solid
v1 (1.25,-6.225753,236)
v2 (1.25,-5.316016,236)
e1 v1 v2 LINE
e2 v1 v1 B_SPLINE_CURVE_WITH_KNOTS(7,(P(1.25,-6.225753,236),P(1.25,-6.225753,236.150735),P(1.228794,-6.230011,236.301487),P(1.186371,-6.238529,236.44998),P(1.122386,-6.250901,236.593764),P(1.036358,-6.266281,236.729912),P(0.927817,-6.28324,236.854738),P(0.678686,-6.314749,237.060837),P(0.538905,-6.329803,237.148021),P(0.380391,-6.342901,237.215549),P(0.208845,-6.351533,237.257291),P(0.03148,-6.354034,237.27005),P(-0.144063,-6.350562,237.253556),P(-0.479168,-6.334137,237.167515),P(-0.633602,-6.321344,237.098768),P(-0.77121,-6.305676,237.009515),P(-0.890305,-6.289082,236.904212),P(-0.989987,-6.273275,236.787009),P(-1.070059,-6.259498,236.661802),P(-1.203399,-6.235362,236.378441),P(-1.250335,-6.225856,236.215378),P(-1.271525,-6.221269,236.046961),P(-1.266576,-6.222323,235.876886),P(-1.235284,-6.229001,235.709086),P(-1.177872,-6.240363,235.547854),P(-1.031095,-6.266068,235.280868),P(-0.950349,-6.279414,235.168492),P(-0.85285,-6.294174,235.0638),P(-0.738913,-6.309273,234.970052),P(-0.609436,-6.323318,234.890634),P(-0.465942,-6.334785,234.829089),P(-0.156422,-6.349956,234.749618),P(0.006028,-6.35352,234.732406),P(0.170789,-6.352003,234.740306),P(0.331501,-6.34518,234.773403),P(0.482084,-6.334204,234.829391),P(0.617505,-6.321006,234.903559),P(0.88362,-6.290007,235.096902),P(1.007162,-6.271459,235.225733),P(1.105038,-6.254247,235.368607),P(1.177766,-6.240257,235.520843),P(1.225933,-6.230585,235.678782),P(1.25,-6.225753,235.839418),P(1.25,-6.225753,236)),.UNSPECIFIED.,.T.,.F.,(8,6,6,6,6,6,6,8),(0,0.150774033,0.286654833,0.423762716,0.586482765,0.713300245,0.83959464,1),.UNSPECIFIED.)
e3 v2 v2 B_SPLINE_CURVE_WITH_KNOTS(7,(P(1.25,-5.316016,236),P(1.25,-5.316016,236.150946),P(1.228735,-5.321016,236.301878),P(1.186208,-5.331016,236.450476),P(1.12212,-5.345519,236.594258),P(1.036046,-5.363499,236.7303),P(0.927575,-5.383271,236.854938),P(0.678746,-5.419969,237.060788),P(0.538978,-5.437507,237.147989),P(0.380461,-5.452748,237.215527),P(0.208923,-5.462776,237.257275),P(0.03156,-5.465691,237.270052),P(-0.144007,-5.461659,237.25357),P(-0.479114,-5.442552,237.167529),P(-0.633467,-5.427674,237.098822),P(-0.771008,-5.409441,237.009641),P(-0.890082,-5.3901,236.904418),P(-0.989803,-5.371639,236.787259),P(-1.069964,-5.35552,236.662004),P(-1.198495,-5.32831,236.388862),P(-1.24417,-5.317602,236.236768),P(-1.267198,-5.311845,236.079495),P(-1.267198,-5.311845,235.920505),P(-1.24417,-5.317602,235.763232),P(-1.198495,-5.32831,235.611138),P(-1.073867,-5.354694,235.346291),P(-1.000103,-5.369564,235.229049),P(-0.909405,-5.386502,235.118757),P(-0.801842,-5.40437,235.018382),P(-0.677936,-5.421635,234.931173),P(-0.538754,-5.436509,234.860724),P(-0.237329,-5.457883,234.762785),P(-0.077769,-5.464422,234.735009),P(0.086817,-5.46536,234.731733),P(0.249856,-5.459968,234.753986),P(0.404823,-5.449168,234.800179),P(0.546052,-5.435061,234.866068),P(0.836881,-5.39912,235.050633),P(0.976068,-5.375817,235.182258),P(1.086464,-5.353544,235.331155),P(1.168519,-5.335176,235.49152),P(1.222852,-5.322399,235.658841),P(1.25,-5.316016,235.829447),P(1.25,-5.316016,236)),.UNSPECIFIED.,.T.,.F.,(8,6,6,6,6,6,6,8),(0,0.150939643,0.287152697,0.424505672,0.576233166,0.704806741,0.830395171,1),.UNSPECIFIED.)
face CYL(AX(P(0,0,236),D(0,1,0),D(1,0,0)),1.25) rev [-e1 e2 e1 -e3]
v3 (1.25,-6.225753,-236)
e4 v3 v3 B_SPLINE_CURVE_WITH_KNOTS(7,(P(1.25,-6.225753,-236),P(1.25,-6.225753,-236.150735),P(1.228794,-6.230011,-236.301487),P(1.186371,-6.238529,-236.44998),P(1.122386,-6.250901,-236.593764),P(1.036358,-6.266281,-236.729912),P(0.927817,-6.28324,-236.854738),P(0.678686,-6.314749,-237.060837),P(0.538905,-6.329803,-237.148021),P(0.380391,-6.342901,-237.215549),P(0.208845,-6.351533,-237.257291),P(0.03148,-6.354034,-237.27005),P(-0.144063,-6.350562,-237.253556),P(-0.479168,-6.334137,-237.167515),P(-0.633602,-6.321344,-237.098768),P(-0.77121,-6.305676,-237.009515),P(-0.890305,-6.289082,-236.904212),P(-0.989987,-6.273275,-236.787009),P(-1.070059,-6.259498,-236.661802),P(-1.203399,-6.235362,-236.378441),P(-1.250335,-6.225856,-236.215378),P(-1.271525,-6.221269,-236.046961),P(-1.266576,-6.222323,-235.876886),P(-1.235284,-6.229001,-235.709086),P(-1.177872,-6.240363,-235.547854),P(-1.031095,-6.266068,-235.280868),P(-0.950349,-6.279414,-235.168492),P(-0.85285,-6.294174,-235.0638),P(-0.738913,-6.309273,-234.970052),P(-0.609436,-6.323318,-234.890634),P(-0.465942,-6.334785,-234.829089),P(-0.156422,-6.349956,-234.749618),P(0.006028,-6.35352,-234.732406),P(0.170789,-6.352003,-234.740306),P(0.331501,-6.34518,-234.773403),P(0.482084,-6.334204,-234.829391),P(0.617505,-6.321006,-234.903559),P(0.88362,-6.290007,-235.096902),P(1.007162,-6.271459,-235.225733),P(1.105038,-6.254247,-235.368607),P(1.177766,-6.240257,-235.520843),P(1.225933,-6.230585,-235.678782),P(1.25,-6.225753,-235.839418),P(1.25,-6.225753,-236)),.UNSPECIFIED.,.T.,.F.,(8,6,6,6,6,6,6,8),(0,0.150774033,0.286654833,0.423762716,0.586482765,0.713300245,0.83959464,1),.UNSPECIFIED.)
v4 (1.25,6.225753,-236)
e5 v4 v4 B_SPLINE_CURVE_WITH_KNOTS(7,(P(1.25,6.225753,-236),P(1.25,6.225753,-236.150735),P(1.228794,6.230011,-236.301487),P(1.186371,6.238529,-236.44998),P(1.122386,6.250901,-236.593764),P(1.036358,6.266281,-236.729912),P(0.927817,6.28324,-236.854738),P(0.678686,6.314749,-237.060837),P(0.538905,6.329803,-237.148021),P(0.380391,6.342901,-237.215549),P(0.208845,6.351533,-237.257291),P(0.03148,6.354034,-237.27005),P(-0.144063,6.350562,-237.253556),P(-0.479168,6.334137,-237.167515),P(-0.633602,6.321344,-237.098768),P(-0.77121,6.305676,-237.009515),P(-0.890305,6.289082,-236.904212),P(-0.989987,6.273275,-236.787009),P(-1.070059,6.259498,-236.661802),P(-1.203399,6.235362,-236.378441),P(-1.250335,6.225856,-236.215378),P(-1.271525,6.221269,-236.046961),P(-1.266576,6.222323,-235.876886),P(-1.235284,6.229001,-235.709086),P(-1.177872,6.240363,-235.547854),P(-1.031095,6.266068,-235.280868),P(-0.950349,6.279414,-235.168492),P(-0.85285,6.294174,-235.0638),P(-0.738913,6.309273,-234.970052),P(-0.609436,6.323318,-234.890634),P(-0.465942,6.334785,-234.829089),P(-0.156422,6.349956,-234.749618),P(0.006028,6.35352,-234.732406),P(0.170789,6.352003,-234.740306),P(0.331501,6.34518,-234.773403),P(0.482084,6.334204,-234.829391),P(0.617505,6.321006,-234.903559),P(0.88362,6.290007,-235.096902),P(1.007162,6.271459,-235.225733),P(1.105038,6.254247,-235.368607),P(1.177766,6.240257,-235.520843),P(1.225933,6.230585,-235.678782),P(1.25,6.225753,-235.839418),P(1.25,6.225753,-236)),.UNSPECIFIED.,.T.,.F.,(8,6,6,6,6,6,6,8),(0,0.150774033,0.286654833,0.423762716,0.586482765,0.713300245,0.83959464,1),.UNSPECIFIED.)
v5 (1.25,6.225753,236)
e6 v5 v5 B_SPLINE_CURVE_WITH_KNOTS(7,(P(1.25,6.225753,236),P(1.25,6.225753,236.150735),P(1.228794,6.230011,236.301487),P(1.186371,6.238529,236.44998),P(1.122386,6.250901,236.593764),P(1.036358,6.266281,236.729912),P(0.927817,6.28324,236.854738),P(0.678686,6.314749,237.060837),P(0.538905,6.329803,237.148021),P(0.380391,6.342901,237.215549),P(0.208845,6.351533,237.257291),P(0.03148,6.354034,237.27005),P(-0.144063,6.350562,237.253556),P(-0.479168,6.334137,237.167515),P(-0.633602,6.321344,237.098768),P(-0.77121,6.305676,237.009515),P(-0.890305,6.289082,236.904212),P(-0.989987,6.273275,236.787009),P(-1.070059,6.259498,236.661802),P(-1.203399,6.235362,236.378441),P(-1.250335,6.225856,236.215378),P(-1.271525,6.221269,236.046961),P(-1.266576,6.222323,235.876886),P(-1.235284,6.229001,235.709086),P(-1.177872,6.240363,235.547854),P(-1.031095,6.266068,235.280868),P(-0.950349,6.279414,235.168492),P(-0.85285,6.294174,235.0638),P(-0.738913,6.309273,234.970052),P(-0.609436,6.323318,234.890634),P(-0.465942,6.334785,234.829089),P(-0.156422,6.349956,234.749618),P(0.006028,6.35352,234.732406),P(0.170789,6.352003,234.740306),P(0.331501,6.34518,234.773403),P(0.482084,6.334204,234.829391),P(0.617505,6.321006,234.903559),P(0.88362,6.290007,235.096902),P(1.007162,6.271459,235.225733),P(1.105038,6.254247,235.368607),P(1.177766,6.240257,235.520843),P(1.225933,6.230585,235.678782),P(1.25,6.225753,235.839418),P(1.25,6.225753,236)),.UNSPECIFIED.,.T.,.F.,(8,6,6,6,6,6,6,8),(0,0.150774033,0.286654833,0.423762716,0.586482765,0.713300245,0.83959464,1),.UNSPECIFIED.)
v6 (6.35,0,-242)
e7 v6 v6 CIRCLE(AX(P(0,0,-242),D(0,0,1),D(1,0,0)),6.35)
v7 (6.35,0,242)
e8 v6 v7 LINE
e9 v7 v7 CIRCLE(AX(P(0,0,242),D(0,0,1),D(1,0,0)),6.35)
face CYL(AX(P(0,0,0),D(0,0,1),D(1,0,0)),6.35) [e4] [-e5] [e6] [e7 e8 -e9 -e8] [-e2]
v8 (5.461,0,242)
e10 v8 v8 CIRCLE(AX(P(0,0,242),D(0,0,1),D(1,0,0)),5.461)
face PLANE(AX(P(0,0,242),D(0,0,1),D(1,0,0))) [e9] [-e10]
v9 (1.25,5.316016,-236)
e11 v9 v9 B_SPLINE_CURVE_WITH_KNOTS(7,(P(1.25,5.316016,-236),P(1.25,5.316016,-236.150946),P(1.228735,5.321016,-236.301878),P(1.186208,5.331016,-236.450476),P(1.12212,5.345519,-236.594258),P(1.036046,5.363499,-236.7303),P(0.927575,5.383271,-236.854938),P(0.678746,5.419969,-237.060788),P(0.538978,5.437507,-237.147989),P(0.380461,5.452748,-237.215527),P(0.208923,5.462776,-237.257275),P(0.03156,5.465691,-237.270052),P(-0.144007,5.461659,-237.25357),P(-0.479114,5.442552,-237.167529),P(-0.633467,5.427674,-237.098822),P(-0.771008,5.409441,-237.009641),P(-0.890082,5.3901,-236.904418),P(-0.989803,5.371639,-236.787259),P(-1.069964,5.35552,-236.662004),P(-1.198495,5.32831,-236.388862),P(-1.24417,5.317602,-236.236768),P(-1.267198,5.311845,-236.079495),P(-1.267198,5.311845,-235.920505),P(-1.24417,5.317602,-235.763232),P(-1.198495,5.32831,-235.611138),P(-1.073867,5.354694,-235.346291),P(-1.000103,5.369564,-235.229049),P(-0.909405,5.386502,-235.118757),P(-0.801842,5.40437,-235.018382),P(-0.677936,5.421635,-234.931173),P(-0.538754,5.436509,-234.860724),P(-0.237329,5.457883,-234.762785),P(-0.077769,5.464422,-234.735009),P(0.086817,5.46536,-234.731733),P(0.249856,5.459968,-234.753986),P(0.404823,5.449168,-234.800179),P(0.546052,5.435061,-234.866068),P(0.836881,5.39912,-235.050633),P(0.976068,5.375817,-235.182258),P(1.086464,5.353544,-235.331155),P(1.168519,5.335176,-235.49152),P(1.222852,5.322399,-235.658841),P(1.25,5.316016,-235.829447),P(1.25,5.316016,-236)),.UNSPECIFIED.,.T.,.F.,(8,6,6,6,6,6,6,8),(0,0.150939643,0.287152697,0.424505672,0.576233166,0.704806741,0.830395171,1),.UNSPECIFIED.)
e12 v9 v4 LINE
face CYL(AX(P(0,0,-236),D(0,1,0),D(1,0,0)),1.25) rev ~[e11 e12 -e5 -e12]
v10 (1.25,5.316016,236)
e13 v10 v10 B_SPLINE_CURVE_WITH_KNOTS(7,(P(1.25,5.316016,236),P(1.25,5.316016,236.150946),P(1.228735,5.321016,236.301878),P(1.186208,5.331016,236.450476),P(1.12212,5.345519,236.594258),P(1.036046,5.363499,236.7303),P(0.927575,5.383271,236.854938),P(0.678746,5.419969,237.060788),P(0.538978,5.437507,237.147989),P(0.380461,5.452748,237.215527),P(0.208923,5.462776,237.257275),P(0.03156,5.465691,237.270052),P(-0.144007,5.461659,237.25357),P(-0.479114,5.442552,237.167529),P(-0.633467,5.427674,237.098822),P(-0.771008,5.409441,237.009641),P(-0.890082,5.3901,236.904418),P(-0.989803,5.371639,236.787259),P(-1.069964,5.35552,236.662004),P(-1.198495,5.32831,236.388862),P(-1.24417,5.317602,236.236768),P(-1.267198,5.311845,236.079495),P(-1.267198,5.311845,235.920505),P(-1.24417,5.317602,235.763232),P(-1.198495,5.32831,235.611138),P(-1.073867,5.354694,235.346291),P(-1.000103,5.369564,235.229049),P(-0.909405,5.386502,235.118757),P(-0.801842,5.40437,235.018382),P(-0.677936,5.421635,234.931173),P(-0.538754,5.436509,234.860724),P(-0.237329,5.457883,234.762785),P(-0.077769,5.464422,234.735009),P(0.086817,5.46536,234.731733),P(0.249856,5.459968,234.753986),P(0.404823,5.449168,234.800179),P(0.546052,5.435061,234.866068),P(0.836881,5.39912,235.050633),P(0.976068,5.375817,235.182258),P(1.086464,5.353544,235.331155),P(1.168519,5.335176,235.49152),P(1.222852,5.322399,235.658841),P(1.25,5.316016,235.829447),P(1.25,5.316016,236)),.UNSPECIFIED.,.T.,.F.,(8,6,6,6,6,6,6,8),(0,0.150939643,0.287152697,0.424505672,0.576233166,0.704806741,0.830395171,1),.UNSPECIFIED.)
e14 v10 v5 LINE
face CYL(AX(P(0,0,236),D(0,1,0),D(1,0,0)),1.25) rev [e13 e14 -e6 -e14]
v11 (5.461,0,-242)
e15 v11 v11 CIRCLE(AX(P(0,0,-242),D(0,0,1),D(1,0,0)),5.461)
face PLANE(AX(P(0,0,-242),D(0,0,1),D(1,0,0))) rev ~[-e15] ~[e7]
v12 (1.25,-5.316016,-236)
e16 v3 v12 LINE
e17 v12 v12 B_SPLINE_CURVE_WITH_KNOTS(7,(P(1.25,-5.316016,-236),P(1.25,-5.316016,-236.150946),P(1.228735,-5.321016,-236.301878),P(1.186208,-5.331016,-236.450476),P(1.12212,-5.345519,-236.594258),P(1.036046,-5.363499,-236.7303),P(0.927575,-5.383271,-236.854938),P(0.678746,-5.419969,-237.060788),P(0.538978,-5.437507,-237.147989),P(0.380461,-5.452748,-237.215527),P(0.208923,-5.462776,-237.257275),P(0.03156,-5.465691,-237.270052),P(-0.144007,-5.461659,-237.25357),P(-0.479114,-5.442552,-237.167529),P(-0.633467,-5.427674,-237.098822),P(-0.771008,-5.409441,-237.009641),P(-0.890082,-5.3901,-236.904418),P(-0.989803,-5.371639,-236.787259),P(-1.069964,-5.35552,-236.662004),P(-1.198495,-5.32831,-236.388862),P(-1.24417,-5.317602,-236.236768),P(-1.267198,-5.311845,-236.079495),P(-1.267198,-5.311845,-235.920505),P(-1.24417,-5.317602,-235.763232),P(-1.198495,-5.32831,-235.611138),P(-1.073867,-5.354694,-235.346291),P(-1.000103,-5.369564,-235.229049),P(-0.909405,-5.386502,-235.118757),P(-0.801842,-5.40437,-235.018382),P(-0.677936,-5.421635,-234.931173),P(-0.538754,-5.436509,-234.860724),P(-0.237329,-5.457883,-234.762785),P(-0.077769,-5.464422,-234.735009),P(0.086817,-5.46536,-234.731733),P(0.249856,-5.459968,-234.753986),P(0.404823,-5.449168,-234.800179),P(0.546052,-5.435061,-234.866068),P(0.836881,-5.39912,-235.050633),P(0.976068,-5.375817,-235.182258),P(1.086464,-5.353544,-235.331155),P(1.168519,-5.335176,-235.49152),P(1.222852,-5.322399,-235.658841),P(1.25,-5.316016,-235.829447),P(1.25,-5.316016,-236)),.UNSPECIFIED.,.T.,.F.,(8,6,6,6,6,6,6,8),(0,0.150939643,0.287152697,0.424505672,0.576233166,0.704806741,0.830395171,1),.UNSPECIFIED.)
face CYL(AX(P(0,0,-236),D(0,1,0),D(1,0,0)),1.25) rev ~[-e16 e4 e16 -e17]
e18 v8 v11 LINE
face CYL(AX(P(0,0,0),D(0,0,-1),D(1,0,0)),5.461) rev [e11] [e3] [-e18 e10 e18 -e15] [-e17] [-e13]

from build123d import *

# Parameters (mm, degrees)
SKETCH1_R           = 6.35
SKETCH1_R_2         = 5.461
BOSS_EXTRUDE1_DEPTH = 242
SKETCH2_R           = 1.25
CUT_EXTRUDE1_DEPTH  = 7.35


with BuildPart() as part:
    # Sketch1 → Boss-Extrude1 (new body, symmetric)
    with BuildSketch(Plane.XY):
        Circle(SKETCH1_R)
        Circle(SKETCH1_R_2, mode=Mode.SUBTRACT)
    extrude(amount=BOSS_EXTRUDE1_DEPTH, both=True)

    # Sketch2 → Cut-Extrude1 (cut, symmetric)
    with BuildSketch(Plane(origin=(0, 0, 0), x_dir=(1, 0, 0), z_dir=(0, 1, 0))):
        with Locations((0, 236)):
            Circle(SKETCH2_R)
    cut_extrude1 = extrude(amount=CUT_EXTRUDE1_DEPTH, both=True, mode=Mode.SUBTRACT)

    # Mirror1: Cut-Extrude1 across plane
    add(cut_extrude1.mirror(Plane.XY), mode=Mode.SUBTRACT)


solid = part.part
